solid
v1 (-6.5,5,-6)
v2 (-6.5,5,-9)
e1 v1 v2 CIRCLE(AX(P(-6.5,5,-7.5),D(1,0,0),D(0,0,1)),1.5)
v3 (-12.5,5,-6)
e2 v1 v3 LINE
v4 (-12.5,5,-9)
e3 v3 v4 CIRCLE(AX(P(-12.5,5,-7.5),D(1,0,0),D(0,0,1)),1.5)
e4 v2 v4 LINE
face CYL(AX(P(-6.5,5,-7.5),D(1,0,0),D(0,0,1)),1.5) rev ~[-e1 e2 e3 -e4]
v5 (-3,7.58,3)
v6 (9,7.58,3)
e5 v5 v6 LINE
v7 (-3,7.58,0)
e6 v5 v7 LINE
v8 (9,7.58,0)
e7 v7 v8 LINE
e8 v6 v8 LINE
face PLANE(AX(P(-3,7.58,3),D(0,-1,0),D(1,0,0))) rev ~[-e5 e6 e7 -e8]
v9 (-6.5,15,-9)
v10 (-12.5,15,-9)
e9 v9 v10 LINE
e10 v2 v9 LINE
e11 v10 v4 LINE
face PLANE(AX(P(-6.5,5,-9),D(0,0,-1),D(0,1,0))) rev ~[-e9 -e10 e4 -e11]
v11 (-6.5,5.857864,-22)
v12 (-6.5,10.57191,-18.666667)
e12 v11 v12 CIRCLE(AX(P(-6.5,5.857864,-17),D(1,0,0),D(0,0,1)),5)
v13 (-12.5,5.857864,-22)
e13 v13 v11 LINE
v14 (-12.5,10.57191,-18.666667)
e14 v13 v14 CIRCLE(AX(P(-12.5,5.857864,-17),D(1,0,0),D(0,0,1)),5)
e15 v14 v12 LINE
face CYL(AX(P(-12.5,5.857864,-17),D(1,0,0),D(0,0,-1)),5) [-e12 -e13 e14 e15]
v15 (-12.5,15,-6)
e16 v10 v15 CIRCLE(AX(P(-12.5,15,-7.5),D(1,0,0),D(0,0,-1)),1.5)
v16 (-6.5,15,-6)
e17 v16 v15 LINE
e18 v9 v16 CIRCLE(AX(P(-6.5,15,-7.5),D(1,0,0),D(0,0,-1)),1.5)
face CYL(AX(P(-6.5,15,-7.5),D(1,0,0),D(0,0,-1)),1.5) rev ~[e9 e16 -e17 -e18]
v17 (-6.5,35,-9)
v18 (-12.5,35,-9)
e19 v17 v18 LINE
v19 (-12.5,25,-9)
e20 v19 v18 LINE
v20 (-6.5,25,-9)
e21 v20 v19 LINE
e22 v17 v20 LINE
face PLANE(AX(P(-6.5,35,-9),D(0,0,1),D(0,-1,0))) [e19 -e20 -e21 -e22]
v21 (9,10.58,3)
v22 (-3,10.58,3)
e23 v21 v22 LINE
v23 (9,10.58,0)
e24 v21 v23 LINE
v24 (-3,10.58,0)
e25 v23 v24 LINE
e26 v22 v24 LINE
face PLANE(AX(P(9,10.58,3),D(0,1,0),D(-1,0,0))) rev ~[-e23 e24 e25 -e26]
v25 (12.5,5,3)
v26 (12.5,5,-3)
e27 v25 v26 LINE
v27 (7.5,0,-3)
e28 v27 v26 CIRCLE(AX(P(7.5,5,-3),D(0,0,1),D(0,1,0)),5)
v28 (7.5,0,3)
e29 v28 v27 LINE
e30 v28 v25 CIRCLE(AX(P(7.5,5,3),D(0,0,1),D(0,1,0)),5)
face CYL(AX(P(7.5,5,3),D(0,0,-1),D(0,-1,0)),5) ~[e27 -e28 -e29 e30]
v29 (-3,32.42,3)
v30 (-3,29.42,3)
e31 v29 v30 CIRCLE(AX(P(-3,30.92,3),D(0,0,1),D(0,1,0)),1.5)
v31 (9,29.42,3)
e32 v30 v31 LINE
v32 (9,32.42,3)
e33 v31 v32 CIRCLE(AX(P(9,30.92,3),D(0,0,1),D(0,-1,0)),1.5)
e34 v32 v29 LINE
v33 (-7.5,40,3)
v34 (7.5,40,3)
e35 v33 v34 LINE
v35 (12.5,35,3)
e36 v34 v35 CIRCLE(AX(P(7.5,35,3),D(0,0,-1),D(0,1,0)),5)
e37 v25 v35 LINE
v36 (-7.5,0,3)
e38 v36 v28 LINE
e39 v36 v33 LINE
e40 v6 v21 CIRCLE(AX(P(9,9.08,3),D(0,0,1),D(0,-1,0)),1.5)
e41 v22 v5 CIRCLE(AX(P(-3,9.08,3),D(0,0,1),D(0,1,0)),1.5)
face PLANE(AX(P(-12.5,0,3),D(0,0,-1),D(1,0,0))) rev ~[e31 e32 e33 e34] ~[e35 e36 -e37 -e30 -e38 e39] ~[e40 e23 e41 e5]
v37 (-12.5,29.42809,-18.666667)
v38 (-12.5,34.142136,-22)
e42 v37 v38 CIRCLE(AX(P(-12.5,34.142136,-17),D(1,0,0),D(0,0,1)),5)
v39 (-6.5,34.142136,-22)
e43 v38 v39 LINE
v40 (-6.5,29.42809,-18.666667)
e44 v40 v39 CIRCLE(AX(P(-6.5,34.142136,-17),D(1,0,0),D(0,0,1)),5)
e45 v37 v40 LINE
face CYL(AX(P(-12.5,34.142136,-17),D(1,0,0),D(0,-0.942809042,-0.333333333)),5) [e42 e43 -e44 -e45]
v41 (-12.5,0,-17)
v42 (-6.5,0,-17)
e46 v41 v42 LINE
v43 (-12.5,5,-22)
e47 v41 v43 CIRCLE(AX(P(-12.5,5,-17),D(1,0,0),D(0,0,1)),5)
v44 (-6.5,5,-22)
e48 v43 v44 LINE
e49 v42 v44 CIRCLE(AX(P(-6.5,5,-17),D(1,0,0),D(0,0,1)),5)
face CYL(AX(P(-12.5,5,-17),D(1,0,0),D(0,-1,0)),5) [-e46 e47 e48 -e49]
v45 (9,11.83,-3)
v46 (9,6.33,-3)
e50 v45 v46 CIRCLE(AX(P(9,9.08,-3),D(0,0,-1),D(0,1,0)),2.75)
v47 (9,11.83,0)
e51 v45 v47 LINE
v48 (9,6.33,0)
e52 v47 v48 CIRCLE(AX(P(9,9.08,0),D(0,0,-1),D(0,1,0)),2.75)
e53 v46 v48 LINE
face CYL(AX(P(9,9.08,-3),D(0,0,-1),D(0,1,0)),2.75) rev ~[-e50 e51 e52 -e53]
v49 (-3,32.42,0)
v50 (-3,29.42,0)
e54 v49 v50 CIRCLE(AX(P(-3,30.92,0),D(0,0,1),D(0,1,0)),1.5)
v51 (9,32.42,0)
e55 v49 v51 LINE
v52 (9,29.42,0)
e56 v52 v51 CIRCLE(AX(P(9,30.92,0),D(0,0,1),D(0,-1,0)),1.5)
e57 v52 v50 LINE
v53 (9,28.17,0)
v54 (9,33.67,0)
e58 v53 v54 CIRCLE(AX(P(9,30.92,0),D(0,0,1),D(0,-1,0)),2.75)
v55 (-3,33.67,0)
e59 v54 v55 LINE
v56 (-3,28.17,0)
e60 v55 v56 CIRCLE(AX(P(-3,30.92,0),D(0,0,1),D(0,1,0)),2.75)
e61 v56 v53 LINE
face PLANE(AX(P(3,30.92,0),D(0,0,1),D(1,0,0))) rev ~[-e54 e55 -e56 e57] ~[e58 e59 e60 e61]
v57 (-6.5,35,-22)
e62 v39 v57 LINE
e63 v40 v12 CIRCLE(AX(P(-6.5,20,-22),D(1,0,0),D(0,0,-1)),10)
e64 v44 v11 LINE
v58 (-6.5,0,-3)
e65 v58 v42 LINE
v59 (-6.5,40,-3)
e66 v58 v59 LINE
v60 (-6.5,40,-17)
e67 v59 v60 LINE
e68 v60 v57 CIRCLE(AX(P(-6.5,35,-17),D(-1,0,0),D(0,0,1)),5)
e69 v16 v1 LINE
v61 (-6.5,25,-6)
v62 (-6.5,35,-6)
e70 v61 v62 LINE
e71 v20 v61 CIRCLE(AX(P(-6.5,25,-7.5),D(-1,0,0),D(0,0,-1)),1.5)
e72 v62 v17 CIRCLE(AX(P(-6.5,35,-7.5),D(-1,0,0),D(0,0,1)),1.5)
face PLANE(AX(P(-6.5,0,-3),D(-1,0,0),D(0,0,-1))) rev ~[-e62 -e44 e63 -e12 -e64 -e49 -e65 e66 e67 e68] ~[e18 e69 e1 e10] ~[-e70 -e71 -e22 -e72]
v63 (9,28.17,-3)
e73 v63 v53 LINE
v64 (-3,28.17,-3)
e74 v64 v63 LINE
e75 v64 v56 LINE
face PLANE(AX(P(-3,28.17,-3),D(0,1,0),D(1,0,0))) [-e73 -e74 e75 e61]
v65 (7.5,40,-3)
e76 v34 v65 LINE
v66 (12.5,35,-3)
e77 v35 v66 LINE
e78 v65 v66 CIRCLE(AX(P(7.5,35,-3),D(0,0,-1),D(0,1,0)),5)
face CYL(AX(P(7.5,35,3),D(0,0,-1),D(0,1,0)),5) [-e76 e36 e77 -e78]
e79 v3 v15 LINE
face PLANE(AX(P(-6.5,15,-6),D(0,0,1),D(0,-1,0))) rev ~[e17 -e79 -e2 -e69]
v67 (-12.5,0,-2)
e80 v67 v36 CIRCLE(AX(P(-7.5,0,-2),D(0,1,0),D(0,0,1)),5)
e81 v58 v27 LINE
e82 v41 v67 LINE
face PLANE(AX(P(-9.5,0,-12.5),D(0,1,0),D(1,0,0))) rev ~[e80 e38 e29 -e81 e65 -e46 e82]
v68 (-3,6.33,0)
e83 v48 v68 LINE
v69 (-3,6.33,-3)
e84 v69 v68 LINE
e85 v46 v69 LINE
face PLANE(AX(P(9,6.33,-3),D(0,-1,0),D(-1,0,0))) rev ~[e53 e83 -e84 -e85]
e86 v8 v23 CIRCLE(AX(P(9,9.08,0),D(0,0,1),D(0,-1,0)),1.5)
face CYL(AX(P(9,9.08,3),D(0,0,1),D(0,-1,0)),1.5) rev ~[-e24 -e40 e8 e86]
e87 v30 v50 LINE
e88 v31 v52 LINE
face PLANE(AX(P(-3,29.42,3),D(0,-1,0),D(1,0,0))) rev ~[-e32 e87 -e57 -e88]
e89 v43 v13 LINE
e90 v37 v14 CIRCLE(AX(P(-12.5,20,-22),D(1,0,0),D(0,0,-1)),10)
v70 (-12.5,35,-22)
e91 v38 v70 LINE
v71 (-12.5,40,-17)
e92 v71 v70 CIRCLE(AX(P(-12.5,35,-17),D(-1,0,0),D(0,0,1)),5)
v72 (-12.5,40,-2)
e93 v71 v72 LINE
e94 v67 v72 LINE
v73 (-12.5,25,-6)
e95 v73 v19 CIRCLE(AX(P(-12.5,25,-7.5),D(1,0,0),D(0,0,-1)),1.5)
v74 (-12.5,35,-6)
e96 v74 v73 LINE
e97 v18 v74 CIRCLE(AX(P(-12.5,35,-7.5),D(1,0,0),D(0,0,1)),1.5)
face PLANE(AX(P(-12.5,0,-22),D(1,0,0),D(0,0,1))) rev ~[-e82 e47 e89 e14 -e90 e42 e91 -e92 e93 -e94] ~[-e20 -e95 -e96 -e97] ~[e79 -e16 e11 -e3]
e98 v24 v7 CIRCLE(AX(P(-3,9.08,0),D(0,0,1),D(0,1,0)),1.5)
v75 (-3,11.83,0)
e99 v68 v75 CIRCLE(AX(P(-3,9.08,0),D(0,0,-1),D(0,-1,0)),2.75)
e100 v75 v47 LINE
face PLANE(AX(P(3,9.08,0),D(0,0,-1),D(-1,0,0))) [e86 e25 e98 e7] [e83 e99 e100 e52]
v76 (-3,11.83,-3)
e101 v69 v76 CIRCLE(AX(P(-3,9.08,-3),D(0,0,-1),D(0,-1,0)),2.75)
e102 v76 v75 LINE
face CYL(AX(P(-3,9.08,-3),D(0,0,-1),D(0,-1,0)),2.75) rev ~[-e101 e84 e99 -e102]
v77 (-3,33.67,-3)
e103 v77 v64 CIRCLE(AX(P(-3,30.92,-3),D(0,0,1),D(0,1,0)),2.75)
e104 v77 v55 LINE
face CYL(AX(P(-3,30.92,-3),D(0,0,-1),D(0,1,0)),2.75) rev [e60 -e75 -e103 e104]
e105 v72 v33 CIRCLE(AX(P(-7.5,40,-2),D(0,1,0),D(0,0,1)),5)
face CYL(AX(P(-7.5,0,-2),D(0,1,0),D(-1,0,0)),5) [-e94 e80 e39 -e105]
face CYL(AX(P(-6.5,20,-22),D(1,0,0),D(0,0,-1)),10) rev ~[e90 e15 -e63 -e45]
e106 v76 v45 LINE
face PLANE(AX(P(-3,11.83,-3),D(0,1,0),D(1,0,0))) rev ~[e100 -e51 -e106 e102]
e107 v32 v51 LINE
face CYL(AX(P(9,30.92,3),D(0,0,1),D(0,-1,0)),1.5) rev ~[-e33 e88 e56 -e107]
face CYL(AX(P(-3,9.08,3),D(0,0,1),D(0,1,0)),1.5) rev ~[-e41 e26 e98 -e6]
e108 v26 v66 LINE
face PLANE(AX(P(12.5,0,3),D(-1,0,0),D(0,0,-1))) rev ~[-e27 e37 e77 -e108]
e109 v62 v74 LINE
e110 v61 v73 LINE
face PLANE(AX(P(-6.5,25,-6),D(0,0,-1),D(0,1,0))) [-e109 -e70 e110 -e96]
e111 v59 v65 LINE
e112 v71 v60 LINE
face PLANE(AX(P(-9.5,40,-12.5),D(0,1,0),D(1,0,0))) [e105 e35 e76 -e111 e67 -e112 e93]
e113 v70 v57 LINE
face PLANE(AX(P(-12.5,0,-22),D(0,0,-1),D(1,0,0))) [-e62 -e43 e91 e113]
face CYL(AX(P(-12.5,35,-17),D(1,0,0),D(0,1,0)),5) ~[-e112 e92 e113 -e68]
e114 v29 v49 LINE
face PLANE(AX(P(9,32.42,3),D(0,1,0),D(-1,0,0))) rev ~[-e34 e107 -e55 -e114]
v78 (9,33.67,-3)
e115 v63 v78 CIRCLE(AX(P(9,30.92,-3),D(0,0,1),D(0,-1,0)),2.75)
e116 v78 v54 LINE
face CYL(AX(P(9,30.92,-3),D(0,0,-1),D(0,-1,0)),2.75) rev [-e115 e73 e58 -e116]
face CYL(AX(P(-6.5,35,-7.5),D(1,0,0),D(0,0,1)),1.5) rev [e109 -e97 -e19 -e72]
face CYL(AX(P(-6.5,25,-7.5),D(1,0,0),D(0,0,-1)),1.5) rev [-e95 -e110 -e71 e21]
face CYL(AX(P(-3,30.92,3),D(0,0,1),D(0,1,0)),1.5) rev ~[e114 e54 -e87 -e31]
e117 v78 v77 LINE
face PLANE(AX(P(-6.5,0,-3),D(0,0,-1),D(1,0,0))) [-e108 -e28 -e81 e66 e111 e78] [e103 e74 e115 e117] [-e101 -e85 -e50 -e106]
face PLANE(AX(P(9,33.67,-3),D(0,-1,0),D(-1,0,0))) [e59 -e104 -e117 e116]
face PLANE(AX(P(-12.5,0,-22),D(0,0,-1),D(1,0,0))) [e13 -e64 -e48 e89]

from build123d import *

# Parameters (mm, degrees)
SKETCH1_W           = 6
SKETCH1_H           = 19
SKETCH1_H_2         = 6
SKETCH1_W_2         = 19
BOSS_EXTRUDE1_DEPTH = 40
CUT_EXTRUDE1_REACH  = 8
SKETCH2_R           = 10
CUT_EXTRUDE2_REACH  = 27
CUT_EXTRUDE3_DEPTH  = 3
FILLET1_R           = 5


with BuildPart() as part:
    # Sketch1 → Boss-Extrude1 (new body)
    with BuildSketch(Plane(origin=(0, 0, 0), x_dir=(1, 0, 0), z_dir=(0, 1, 0))):
        with Locations((-9.5, 12.5)):
            Rectangle(SKETCH1_W, SKETCH1_H)
        with Locations((-9.5, 0)):
            Rectangle(SKETCH1_W, SKETCH1_H_2)
        with Locations((3, 0)):
            Rectangle(SKETCH1_W_2, SKETCH1_H_2)
    extrude(amount=BOSS_EXTRUDE1_DEPTH)

    # Sketch2 → Cut-Extrude1 (cut, up to next)
    with BuildSketch(Plane(origin=(-6.5, 0, 0), x_dir=(0, 0, -1), z_dir=(1, 0, 0)), mode=Mode.PRIVATE) as cut_extrude1_sk1:
        with Locations((22, 20)):
            Circle(SKETCH2_R)
    cut_extrude1_tool1 = extrude(cut_extrude1_sk1.sketch, amount=-CUT_EXTRUDE1_REACH, mode=Mode.PRIVATE) & part.part
    add(cut_extrude1_tool1.solids().sort_by_distance((-6.5, 20, -22))[0], mode=Mode.SUBTRACT)
    # Sketch2 → Cut-Extrude1 (cut, up to next)
    with BuildSketch(Plane(origin=(-6.5, 0, 0), x_dir=(0, 0, -1), z_dir=(1, 0, 0)), mode=Mode.PRIVATE) as cut_extrude1_sk2:
        with BuildLine():
            Line((9, 35), (9, 25))
            ThreePointArc((9, 25), (7.5, 23.5), (6, 25))
            Line((6, 25), (6, 35))
            ThreePointArc((6, 35), (7.5, 36.5), (9, 35))
        make_face()
    cut_extrude1_tool2 = extrude(cut_extrude1_sk2.sketch, amount=-CUT_EXTRUDE1_REACH, mode=Mode.PRIVATE) & part.part
    add(cut_extrude1_tool2.solids().sort_by_distance((-6.5, 30, -7.5))[0], mode=Mode.SUBTRACT)
    # Sketch2 → Cut-Extrude1 (cut, up to next)
    with BuildSketch(Plane(origin=(-6.5, 0, 0), x_dir=(0, 0, -1), z_dir=(1, 0, 0)), mode=Mode.PRIVATE) as cut_extrude1_sk3:
        with BuildLine():
            Line((9, 5), (9, 15))
            ThreePointArc((9, 15), (7.5, 16.5), (6, 15))
            Line((6, 15), (6, 5))
            ThreePointArc((6, 5), (7.5, 3.5), (9, 5))
        make_face()
    cut_extrude1_tool3 = extrude(cut_extrude1_sk3.sketch, amount=-CUT_EXTRUDE1_REACH, mode=Mode.PRIVATE) & part.part
    add(cut_extrude1_tool3.solids().sort_by_distance((-6.5, 10, -7.5))[0], mode=Mode.SUBTRACT)

    # Sketch3 → Cut-Extrude2 (cut, up to next)
    with BuildSketch(Plane(origin=(0, 0, 3), x_dir=(-1, 0, 0), z_dir=(0, 0, -1)), mode=Mode.PRIVATE) as cut_extrude2_sk1:
        with BuildLine():
            Line((-9, 32.42), (3, 32.42))
            ThreePointArc((3, 32.42), (4.5, 30.92), (3, 29.42))
            Line((3, 29.42), (-9, 29.42))
            ThreePointArc((-9, 29.42), (-10.5, 30.92), (-9, 32.42))
        make_face()
    cut_extrude2_tool1 = extrude(cut_extrude2_sk1.sketch, amount=CUT_EXTRUDE2_REACH, mode=Mode.PRIVATE) & part.part
    add(cut_extrude2_tool1.solids().sort_by_distance((3, 30.92, 3))[0], mode=Mode.SUBTRACT)
    # Sketch3 → Cut-Extrude2 (cut, up to next)
    with BuildSketch(Plane(origin=(0, 0, 3), x_dir=(-1, 0, 0), z_dir=(0, 0, -1)), mode=Mode.PRIVATE) as cut_extrude2_sk2:
        with BuildLine():
            Line((-9, 10.58), (3, 10.58))
            ThreePointArc((3, 10.58), (4.5, 9.08), (3, 7.58))
            Line((3, 7.58), (-9, 7.58))
            ThreePointArc((-9, 7.58), (-10.5, 9.08), (-9, 10.58))
        make_face()
    cut_extrude2_tool2 = extrude(cut_extrude2_sk2.sketch, amount=CUT_EXTRUDE2_REACH, mode=Mode.PRIVATE) & part.part
    add(cut_extrude2_tool2.solids().sort_by_distance((3, 9.08, 3))[0], mode=Mode.SUBTRACT)

    # Sketch4 → Cut-Extrude3 (cut)
    with BuildSketch(Plane(origin=(0, 0, -3), x_dir=(-1, 0, 0), z_dir=(0, 0, -1))):
        with BuildLine():
            Line((-9, 6.33), (3, 6.33))
            ThreePointArc((3, 6.33), (5.75, 9.08), (3, 11.83))
            Line((3, 11.83), (-9, 11.83))
            ThreePointArc((-9, 11.83), (-11.75, 9.08), (-9, 6.33))
        make_face()
        with BuildLine():
            Line((-9, 33.67), (3, 33.67))
            ThreePointArc((3, 33.67), (5.75, 30.92), (3, 28.17))
            Line((3, 28.17), (-9, 28.17))
            ThreePointArc((-9, 28.17), (-11.75, 30.92), (-9, 33.67))
        make_face()
    extrude(amount=-CUT_EXTRUDE3_DEPTH, mode=Mode.SUBTRACT)

    # Fillet1
    fillet1_edges = [part.edges().sort_by_distance(p)[0] for p in [
        (-12.5, 20, 3),
        (12.5, 40, 0),
        (-9.5, 40, -22),
        (-9.5, 30, -22),
        (-9.5, 10, -22),
        (-9.5, 0, -22),
        (12.5, 0, 0),
    ]]
    fillet(fillet1_edges, radius=FILLET1_R)


solid = part.part
